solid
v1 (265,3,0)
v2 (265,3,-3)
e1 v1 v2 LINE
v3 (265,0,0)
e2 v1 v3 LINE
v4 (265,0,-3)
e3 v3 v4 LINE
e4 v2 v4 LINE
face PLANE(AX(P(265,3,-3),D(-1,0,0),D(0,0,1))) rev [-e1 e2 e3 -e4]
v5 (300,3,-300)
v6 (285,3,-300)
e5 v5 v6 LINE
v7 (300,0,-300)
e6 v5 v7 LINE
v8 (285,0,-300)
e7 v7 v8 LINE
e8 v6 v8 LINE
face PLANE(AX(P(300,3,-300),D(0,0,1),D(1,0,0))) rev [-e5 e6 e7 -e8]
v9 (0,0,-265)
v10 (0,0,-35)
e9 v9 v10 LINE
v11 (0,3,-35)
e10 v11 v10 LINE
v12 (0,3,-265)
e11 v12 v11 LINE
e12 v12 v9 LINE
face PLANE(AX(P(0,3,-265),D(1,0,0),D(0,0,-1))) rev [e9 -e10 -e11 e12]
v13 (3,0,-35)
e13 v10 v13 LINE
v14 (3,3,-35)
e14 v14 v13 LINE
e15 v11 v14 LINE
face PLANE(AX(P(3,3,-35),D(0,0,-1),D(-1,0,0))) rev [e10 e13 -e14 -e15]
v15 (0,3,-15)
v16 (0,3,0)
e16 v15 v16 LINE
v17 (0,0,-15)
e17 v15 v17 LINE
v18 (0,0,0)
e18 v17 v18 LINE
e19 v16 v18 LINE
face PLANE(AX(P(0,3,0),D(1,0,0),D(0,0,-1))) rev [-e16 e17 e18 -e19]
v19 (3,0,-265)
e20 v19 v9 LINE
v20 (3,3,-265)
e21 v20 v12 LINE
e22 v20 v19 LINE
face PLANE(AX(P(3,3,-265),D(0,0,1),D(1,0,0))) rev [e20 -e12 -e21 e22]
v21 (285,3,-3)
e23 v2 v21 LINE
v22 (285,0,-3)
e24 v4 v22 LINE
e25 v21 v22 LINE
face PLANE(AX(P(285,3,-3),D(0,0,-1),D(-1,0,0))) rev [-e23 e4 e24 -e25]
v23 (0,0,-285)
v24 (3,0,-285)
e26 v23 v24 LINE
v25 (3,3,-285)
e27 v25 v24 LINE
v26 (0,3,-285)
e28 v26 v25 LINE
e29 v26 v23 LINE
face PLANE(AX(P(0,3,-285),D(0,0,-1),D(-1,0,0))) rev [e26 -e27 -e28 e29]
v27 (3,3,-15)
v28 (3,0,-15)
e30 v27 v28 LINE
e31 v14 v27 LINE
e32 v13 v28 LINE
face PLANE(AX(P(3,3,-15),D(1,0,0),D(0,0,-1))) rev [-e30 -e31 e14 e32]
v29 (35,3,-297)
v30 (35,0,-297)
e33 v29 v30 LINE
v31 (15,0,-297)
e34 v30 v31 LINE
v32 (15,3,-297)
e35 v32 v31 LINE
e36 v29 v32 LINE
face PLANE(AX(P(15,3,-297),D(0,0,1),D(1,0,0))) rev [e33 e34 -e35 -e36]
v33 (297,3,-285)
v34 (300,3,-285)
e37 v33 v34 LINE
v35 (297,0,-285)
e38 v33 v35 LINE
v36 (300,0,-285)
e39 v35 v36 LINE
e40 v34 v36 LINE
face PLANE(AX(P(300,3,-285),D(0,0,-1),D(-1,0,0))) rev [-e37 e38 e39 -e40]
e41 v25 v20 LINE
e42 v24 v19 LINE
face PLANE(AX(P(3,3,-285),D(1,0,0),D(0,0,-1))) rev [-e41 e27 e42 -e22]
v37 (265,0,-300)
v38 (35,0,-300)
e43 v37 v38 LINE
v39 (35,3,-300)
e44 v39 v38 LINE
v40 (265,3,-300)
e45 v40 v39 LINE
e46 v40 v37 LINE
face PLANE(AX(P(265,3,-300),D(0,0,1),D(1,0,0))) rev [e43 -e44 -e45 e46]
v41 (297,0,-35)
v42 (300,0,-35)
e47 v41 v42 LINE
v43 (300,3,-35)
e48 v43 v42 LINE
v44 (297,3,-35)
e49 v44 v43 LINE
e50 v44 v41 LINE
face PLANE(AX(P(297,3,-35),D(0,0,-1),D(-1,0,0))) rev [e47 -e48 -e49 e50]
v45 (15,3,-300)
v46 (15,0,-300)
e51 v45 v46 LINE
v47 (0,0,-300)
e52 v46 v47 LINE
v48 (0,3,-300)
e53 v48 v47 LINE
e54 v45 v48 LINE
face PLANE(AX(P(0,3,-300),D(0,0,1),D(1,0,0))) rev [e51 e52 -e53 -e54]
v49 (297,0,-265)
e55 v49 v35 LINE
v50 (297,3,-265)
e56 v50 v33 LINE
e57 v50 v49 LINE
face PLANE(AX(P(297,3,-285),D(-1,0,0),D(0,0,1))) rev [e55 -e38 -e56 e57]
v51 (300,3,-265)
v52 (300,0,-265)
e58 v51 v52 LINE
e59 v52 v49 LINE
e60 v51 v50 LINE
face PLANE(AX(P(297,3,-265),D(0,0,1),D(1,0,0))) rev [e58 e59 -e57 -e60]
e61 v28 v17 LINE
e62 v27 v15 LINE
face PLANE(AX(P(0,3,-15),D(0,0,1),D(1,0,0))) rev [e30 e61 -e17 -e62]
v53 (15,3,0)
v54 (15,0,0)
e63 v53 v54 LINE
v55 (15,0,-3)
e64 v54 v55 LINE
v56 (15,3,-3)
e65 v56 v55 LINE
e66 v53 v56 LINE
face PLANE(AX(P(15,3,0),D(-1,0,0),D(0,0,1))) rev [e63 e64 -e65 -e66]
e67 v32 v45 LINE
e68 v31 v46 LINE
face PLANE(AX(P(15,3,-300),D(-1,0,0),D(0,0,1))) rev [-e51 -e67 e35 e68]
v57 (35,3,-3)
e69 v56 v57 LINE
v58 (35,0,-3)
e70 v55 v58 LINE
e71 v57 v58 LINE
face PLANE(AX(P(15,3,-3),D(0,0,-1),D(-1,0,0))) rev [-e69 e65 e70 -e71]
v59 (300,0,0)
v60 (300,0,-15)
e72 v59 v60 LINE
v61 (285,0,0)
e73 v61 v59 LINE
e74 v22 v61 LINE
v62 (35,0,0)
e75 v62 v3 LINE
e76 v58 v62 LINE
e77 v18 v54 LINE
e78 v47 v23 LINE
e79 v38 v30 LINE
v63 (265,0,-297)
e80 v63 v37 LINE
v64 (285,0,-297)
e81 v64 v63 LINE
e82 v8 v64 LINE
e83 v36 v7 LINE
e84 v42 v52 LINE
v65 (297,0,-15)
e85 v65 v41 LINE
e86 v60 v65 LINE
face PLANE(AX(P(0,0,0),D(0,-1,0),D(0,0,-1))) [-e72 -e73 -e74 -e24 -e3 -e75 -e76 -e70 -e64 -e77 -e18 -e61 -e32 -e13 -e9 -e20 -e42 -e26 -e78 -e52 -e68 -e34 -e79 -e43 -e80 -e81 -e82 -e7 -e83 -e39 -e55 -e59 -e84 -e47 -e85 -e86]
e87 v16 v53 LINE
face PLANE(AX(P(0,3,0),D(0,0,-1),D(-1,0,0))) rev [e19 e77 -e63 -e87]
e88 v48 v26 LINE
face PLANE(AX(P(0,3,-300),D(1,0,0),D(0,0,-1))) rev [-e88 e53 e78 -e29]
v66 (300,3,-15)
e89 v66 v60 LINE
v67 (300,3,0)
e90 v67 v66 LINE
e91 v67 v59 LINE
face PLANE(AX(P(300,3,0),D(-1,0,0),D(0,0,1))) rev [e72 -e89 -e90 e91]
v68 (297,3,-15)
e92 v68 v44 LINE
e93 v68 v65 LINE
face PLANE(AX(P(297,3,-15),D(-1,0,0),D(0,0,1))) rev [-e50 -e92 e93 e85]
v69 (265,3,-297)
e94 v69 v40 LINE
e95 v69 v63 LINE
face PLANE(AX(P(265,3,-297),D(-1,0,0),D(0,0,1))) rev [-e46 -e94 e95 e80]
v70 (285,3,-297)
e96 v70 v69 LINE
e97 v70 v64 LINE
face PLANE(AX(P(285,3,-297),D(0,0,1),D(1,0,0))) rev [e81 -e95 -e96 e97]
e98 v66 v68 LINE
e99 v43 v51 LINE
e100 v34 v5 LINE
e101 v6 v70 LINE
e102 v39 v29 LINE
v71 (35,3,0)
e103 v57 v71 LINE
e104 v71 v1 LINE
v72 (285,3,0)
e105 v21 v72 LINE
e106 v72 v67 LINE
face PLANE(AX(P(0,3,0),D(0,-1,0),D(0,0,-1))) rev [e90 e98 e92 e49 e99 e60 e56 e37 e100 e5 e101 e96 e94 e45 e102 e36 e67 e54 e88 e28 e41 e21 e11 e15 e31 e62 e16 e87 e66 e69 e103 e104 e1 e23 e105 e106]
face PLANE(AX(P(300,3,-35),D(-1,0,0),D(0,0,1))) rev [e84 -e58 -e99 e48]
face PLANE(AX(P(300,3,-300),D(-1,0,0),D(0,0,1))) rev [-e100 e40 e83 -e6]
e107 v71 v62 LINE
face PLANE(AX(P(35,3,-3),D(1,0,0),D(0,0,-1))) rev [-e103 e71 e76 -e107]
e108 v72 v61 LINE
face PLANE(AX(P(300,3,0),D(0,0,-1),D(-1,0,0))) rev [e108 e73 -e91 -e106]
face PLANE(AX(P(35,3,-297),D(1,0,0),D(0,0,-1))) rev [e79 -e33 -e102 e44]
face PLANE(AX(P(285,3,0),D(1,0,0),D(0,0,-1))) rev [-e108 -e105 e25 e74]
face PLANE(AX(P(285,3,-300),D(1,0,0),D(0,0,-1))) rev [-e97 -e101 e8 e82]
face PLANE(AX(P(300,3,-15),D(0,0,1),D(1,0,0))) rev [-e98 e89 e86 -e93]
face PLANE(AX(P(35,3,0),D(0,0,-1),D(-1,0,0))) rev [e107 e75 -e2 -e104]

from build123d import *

# Parameters (mm, degrees)
SALIENTE_EXTRUIR1_DEPTH = 3


with BuildPart() as part:
    # Croquis1 → Saliente-Extruir1 (new body)
    with BuildSketch(Plane(origin=(0, 0, 0), x_dir=(1, 0, 0), z_dir=(0, 1, 0))):
        Polygon((0, 0), (15, 0), (15, 3), (35, 3), (35, 0), (265, 0), (265, 3), (285, 3), (285, 0), (300, 0), (300, 15), (297, 15), (297, 35), (300, 35), (300, 265), (297, 265), (297, 285), (300, 285), (300, 300), (285, 300), (285, 297), (265, 297), (265, 300), (35, 300), (35, 297), (15, 297), (15, 300), (0, 300), (0, 285), (3, 285), (3, 265), (0, 265), (0, 35), (3, 35), (3, 15), (0, 15), align=None)
    extrude(amount=SALIENTE_EXTRUIR1_DEPTH)


solid = part.part
